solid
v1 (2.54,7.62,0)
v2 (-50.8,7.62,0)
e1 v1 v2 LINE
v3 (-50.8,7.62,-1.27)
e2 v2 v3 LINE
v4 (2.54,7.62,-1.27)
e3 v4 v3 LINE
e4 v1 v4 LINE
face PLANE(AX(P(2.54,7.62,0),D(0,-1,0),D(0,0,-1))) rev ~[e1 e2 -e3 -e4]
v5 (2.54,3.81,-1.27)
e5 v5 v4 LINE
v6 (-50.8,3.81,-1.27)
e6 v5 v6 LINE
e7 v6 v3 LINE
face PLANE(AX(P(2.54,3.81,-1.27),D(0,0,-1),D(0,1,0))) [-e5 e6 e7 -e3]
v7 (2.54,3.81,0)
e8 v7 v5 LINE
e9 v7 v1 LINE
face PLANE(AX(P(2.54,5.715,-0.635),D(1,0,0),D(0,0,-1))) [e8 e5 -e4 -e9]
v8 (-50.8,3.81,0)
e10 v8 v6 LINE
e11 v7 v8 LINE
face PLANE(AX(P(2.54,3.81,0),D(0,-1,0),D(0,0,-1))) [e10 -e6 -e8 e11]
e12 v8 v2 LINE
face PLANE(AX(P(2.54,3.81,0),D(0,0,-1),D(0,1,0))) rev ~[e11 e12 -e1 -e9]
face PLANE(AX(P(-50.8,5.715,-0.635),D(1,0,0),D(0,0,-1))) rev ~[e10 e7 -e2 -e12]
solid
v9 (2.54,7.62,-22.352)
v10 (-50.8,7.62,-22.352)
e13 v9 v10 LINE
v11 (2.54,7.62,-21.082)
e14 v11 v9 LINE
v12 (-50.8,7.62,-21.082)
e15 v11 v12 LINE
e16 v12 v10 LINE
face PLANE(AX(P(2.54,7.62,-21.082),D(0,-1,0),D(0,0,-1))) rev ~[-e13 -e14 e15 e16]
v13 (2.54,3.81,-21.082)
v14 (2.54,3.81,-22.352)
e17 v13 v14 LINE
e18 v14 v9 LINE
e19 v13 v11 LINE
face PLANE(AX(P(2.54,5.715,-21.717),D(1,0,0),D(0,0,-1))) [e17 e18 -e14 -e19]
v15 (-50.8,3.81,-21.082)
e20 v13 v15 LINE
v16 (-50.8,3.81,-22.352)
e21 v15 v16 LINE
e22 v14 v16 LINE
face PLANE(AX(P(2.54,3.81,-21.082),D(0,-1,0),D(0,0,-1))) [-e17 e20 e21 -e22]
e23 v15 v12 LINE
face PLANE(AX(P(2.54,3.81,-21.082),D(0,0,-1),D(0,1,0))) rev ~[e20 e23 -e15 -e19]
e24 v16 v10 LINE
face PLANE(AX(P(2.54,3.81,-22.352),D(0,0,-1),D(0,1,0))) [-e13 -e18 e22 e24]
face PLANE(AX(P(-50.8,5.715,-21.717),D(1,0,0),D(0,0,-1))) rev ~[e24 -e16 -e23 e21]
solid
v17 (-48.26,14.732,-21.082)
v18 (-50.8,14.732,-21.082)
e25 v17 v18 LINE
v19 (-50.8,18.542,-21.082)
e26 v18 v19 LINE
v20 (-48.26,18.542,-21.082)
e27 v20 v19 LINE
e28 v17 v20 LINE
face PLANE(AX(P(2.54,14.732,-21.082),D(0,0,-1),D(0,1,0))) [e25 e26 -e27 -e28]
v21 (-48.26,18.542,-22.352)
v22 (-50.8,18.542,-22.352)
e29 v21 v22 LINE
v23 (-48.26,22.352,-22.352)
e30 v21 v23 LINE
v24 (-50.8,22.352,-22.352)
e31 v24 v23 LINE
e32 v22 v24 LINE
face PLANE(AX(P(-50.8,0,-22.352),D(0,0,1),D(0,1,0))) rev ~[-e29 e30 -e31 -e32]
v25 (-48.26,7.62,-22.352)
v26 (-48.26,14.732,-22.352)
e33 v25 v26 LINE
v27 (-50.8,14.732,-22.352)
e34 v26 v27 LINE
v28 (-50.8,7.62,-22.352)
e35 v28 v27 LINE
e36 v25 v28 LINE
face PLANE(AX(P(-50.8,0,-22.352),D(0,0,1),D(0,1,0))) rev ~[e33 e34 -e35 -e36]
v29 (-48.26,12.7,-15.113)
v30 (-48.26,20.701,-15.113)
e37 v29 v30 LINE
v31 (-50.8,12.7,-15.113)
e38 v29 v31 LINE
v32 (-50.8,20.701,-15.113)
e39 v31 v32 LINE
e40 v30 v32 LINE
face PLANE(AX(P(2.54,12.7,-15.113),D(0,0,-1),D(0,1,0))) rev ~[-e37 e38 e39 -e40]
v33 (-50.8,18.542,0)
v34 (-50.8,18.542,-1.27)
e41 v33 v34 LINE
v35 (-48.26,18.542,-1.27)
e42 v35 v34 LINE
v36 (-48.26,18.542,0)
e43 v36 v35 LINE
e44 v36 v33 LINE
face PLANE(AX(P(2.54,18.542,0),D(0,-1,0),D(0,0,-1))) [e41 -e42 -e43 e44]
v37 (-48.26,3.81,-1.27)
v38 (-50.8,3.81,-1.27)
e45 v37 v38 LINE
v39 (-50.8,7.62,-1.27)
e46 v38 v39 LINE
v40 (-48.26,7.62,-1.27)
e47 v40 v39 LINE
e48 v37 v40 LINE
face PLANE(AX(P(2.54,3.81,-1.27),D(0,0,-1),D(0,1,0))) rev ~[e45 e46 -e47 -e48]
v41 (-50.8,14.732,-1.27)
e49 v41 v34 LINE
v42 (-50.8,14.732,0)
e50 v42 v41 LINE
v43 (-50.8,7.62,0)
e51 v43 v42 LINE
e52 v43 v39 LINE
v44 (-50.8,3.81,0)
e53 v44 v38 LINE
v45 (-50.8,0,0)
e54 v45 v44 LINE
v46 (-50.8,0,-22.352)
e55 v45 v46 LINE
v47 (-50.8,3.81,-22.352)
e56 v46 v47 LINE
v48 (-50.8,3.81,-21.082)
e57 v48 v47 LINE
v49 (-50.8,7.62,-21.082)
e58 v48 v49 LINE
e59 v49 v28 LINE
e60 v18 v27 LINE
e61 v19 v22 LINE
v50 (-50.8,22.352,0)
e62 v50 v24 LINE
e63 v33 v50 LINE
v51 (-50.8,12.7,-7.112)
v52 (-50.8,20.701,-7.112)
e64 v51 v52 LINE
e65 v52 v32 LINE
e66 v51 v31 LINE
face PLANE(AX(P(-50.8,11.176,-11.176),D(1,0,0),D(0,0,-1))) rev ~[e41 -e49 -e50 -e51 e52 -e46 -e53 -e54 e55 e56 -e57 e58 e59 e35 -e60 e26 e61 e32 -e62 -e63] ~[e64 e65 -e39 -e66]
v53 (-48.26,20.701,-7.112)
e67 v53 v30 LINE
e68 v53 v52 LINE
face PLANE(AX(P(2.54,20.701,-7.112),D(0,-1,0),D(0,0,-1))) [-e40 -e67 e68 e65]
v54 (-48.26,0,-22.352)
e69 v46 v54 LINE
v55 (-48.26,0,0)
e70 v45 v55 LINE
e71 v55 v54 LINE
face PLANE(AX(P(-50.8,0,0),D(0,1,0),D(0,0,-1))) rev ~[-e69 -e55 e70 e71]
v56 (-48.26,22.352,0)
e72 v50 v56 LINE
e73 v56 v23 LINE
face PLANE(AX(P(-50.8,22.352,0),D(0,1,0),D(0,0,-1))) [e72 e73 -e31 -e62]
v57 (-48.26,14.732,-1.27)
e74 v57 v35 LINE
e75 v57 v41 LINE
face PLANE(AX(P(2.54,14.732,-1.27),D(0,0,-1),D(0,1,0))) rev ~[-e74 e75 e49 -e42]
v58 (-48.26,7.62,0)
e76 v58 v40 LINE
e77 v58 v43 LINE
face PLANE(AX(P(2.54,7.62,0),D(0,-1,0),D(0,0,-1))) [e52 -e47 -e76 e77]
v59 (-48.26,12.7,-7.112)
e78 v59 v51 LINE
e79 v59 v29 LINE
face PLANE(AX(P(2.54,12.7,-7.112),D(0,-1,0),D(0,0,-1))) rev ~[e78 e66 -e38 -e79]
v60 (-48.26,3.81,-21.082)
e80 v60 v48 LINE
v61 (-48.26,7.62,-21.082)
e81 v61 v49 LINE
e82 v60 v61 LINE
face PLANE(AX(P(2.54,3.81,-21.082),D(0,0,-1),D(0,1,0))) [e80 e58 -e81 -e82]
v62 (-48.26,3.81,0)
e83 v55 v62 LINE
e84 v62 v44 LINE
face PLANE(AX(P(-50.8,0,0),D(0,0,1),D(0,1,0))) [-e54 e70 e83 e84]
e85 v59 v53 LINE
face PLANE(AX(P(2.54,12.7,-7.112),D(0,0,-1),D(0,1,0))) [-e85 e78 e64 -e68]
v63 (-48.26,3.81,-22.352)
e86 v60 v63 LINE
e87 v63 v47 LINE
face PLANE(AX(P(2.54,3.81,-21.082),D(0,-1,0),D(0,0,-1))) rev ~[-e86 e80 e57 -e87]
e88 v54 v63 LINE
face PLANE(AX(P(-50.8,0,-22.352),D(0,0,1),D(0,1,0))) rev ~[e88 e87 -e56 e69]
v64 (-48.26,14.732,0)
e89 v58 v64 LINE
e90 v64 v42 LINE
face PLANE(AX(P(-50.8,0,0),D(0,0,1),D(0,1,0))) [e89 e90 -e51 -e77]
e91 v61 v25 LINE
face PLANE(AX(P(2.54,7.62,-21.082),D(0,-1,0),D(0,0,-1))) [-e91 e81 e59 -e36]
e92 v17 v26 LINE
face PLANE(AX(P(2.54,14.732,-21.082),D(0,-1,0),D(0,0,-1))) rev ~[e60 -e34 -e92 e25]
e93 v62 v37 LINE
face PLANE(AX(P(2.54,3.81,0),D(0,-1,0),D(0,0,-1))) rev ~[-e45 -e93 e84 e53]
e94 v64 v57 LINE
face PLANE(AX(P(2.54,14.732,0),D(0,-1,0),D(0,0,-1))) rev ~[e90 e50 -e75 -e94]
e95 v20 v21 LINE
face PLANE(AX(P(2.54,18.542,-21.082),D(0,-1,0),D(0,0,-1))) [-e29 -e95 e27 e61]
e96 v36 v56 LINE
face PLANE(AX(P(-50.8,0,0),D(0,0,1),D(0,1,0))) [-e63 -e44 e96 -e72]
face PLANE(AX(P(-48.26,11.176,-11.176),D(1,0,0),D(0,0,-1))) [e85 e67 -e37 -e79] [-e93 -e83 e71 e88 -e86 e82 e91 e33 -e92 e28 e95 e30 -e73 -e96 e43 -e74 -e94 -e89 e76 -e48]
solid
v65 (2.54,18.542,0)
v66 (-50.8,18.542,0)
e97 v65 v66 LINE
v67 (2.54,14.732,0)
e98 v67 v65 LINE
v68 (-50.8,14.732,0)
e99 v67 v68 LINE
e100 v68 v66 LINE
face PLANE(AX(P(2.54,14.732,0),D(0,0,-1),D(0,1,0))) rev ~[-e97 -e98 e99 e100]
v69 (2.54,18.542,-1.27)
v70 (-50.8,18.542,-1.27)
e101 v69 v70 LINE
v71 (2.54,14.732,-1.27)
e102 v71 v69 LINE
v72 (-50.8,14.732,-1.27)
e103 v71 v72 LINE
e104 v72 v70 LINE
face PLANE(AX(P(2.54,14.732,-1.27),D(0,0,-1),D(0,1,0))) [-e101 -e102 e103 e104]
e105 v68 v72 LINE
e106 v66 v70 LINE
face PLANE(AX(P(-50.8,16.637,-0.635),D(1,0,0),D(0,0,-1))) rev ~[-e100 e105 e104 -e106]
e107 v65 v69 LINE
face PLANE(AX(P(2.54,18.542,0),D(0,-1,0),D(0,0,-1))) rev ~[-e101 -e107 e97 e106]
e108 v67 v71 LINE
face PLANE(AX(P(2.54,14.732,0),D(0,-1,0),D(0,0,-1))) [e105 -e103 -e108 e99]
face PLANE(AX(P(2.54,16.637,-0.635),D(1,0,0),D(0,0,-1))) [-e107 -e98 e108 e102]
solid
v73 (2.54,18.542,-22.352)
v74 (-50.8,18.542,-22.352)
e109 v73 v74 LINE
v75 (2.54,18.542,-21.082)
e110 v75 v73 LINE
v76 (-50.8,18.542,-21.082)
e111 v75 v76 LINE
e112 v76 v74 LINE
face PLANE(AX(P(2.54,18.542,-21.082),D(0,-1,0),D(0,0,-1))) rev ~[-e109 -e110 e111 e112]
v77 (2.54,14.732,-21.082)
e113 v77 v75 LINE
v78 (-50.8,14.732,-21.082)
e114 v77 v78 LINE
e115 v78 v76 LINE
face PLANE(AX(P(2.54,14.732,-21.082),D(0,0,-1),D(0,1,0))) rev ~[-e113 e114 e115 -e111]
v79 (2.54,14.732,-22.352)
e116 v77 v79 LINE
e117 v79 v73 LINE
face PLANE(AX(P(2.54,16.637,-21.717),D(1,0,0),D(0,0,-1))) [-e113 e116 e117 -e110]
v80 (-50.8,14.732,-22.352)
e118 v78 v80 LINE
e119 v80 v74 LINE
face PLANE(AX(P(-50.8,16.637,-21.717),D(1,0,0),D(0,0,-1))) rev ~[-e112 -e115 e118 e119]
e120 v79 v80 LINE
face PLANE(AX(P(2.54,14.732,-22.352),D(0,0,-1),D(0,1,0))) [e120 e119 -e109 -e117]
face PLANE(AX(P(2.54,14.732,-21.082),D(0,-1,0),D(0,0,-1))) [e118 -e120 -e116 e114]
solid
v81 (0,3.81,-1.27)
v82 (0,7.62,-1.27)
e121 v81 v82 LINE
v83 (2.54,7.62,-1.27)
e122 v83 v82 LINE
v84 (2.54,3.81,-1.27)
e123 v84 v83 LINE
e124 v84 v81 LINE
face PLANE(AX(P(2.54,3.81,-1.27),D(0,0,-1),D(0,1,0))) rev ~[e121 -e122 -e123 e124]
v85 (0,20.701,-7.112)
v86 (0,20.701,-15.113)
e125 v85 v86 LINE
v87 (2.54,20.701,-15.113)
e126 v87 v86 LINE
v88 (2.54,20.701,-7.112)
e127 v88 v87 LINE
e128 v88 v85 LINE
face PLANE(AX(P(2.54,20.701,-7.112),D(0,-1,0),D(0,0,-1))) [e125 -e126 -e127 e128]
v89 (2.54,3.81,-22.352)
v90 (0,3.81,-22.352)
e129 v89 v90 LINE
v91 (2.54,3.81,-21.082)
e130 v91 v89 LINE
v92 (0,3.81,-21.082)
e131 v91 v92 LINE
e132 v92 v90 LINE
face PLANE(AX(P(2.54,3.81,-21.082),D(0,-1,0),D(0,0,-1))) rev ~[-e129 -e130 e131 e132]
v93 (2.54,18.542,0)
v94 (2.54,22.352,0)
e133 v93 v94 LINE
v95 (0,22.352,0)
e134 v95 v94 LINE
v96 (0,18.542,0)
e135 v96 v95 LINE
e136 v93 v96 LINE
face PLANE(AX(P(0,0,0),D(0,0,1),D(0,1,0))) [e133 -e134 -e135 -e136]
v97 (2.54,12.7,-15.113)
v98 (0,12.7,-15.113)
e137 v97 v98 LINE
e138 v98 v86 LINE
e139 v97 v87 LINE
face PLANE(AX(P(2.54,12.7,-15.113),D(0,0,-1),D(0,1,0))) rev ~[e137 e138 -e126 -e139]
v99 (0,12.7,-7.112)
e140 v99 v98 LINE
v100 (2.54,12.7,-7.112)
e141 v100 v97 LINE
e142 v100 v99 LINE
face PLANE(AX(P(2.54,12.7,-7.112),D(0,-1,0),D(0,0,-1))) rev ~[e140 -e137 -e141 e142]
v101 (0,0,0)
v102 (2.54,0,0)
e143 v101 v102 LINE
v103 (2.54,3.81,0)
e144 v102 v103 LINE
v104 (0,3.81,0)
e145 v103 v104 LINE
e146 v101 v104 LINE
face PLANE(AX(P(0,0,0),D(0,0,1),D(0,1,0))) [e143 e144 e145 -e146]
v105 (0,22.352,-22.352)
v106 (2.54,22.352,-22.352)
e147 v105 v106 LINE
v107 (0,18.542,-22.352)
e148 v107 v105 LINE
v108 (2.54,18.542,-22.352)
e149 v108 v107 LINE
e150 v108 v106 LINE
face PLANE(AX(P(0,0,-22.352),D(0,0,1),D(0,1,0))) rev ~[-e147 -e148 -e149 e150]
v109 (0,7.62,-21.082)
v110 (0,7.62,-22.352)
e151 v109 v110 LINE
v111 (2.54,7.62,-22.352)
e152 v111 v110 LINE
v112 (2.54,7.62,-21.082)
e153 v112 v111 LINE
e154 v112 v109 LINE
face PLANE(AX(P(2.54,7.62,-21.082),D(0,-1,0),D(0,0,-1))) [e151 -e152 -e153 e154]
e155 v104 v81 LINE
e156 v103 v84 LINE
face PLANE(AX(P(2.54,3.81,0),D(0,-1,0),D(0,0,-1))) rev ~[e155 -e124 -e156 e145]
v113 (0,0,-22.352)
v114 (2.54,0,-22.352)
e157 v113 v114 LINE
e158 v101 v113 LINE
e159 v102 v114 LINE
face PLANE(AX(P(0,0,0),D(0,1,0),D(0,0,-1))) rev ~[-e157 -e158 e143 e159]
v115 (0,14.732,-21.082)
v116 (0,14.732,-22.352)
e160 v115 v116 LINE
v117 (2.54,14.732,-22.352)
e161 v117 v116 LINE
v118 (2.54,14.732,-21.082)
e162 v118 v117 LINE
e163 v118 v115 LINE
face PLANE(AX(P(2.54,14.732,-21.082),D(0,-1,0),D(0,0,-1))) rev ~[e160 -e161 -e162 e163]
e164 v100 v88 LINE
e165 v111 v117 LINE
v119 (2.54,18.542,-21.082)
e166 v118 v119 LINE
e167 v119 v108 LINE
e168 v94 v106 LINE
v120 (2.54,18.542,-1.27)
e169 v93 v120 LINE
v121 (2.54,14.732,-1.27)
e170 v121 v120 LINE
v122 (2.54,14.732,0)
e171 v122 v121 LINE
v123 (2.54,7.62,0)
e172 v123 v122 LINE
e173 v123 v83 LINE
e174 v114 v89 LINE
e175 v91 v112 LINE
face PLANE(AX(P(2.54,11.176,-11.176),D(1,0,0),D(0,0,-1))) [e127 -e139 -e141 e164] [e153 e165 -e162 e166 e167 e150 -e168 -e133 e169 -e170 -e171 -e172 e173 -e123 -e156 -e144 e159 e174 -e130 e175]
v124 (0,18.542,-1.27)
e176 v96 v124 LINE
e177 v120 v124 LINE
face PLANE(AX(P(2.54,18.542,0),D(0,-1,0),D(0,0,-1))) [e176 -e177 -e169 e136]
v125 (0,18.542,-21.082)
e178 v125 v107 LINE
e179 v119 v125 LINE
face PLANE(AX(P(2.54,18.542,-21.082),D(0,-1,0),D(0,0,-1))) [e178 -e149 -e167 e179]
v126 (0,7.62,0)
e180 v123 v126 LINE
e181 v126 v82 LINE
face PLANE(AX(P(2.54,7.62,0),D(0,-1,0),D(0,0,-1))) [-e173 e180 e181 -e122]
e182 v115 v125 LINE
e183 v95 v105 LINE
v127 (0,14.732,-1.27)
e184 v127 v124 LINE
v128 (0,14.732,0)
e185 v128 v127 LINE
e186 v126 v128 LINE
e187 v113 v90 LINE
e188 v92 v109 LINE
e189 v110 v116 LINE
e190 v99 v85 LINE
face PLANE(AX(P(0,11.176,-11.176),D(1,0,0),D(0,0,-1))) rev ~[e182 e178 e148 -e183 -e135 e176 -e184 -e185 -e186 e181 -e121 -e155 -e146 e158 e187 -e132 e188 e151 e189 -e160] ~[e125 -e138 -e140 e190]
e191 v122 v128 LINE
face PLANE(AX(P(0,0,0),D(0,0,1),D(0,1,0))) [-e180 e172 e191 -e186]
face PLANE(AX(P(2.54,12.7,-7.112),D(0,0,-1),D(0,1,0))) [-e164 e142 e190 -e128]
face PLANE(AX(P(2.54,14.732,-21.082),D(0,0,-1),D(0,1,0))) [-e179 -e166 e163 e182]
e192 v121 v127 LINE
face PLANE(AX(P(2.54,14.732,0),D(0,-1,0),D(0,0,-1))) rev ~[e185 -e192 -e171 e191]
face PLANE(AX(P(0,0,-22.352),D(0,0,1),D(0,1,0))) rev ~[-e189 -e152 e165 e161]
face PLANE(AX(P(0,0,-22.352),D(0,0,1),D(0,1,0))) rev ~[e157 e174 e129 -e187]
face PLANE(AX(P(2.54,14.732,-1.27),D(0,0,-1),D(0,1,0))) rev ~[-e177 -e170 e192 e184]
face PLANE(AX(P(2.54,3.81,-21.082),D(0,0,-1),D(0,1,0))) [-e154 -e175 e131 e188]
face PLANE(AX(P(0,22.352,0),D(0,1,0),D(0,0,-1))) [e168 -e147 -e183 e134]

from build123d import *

# Parameters (mm, degrees)
SKETCH1_W             = 22.352
SKETCH1_H             = 22.352
BOSS_EXTRUDE1_DEPTH   = 2.54
LPATTERN1_COUNT       = 2
LPATTERN1_PITCH       = 50.8
SKETCH2_W             = 8.001
SKETCH2_H             = 8.001
SKETCH2_W_2           = 1.27
SKETCH2_H_2           = 3.81
CUT_EXTRUDE1_DEPTH    = 63.003059666
SKETCH3_W             = 1.27
SKETCH3_H             = 3.81
BOSS_EXTRUDE2_DEPTH   = 53.34
BOSS_EXTRUDE2_2_DEPTH = 53.34
BOSS_EXTRUDE2_3_DEPTH = 53.34
BOSS_EXTRUDE2_4_DEPTH = 53.34


with BuildPart() as part:
    # Sketch1 → Boss-Extrude1 (new body)
    with BuildSketch(Plane(origin=(0, 0, 0), x_dir=(0, 0, -1), z_dir=(1, 0, 0))):
        with Locations((11.176, 11.176)):
            Rectangle(SKETCH1_W, SKETCH1_H)
    extrude(amount=BOSS_EXTRUDE1_DEPTH)


with BuildPart() as lpattern1_1:
    # LPattern1: pattern copy
    add(part.part.moved(Location(Vector(-1, 0, 0) * (1 * LPATTERN1_PITCH))))


with BuildPart() as cut_extrude1_tool:
    # Sketch2 → Cut-Extrude1 (new, through all)
    with BuildSketch(Plane(origin=(2.54, 0, 0), x_dir=(0, 0, -1), z_dir=(1, 0, 0))):
        with Locations((11.1125, 16.7005)):
            Rectangle(SKETCH2_W, SKETCH2_H)
        with Locations((0.635, 16.637)):
            Rectangle(SKETCH2_W_2, SKETCH2_H_2)
        with Locations((21.717, 16.637)):
            Rectangle(SKETCH2_W_2, SKETCH2_H_2)
        with Locations((21.717, 5.715)):
            Rectangle(SKETCH2_W_2, SKETCH2_H_2)
        with Locations((0.635, 5.715)):
            Rectangle(SKETCH2_W_2, SKETCH2_H_2)
    extrude(amount=-CUT_EXTRUDE1_DEPTH)


with BuildPart() as part_1:
    add(part.part)

    # Cut-Extrude1: cut by cut_extrude1_tool
    add(cut_extrude1_tool.part, mode=Mode.SUBTRACT)


with BuildPart() as lpattern1_1_1:
    add(lpattern1_1.part)

    # Cut-Extrude1: cut by cut_extrude1_tool
    add(cut_extrude1_tool.part, mode=Mode.SUBTRACT)


with BuildPart() as body_3:
    # Sketch3 → Boss-Extrude2 (new body)
    with BuildSketch(Plane(origin=(2.54, 0, 0), x_dir=(0, 0, -1), z_dir=(1, 0, 0))):
        with Locations((0.635, 16.637)):
            Rectangle(SKETCH3_W, SKETCH3_H)
    extrude(amount=-BOSS_EXTRUDE2_DEPTH)


with BuildPart() as body_4:
    # Sketch3 → Boss-Extrude2 2 (new body)
    with BuildSketch(Plane(origin=(2.54, 0, 0), x_dir=(0, 0, -1), z_dir=(1, 0, 0))):
        with Locations((0.635, 5.715)):
            Rectangle(SKETCH3_W, SKETCH3_H)
    extrude(amount=-BOSS_EXTRUDE2_2_DEPTH)


with BuildPart() as body_5:
    # Sketch3 → Boss-Extrude2 3 (new body)
    with BuildSketch(Plane(origin=(2.54, 0, 0), x_dir=(0, 0, -1), z_dir=(1, 0, 0))):
        with Locations((21.717, 16.637)):
            Rectangle(SKETCH3_W, SKETCH3_H)
    extrude(amount=-BOSS_EXTRUDE2_3_DEPTH)


with BuildPart() as body_6:
    # Sketch3 → Boss-Extrude2 4 (new body)
    with BuildSketch(Plane(origin=(2.54, 0, 0), x_dir=(0, 0, -1), z_dir=(1, 0, 0))):
        with Locations((21.717, 5.715)):
            Rectangle(SKETCH3_W, SKETCH3_H)
    extrude(amount=-BOSS_EXTRUDE2_4_DEPTH)


solid = Compound([part_1.part, lpattern1_1_1.part, body_3.part, body_4.part, body_5.part, body_6.part])
